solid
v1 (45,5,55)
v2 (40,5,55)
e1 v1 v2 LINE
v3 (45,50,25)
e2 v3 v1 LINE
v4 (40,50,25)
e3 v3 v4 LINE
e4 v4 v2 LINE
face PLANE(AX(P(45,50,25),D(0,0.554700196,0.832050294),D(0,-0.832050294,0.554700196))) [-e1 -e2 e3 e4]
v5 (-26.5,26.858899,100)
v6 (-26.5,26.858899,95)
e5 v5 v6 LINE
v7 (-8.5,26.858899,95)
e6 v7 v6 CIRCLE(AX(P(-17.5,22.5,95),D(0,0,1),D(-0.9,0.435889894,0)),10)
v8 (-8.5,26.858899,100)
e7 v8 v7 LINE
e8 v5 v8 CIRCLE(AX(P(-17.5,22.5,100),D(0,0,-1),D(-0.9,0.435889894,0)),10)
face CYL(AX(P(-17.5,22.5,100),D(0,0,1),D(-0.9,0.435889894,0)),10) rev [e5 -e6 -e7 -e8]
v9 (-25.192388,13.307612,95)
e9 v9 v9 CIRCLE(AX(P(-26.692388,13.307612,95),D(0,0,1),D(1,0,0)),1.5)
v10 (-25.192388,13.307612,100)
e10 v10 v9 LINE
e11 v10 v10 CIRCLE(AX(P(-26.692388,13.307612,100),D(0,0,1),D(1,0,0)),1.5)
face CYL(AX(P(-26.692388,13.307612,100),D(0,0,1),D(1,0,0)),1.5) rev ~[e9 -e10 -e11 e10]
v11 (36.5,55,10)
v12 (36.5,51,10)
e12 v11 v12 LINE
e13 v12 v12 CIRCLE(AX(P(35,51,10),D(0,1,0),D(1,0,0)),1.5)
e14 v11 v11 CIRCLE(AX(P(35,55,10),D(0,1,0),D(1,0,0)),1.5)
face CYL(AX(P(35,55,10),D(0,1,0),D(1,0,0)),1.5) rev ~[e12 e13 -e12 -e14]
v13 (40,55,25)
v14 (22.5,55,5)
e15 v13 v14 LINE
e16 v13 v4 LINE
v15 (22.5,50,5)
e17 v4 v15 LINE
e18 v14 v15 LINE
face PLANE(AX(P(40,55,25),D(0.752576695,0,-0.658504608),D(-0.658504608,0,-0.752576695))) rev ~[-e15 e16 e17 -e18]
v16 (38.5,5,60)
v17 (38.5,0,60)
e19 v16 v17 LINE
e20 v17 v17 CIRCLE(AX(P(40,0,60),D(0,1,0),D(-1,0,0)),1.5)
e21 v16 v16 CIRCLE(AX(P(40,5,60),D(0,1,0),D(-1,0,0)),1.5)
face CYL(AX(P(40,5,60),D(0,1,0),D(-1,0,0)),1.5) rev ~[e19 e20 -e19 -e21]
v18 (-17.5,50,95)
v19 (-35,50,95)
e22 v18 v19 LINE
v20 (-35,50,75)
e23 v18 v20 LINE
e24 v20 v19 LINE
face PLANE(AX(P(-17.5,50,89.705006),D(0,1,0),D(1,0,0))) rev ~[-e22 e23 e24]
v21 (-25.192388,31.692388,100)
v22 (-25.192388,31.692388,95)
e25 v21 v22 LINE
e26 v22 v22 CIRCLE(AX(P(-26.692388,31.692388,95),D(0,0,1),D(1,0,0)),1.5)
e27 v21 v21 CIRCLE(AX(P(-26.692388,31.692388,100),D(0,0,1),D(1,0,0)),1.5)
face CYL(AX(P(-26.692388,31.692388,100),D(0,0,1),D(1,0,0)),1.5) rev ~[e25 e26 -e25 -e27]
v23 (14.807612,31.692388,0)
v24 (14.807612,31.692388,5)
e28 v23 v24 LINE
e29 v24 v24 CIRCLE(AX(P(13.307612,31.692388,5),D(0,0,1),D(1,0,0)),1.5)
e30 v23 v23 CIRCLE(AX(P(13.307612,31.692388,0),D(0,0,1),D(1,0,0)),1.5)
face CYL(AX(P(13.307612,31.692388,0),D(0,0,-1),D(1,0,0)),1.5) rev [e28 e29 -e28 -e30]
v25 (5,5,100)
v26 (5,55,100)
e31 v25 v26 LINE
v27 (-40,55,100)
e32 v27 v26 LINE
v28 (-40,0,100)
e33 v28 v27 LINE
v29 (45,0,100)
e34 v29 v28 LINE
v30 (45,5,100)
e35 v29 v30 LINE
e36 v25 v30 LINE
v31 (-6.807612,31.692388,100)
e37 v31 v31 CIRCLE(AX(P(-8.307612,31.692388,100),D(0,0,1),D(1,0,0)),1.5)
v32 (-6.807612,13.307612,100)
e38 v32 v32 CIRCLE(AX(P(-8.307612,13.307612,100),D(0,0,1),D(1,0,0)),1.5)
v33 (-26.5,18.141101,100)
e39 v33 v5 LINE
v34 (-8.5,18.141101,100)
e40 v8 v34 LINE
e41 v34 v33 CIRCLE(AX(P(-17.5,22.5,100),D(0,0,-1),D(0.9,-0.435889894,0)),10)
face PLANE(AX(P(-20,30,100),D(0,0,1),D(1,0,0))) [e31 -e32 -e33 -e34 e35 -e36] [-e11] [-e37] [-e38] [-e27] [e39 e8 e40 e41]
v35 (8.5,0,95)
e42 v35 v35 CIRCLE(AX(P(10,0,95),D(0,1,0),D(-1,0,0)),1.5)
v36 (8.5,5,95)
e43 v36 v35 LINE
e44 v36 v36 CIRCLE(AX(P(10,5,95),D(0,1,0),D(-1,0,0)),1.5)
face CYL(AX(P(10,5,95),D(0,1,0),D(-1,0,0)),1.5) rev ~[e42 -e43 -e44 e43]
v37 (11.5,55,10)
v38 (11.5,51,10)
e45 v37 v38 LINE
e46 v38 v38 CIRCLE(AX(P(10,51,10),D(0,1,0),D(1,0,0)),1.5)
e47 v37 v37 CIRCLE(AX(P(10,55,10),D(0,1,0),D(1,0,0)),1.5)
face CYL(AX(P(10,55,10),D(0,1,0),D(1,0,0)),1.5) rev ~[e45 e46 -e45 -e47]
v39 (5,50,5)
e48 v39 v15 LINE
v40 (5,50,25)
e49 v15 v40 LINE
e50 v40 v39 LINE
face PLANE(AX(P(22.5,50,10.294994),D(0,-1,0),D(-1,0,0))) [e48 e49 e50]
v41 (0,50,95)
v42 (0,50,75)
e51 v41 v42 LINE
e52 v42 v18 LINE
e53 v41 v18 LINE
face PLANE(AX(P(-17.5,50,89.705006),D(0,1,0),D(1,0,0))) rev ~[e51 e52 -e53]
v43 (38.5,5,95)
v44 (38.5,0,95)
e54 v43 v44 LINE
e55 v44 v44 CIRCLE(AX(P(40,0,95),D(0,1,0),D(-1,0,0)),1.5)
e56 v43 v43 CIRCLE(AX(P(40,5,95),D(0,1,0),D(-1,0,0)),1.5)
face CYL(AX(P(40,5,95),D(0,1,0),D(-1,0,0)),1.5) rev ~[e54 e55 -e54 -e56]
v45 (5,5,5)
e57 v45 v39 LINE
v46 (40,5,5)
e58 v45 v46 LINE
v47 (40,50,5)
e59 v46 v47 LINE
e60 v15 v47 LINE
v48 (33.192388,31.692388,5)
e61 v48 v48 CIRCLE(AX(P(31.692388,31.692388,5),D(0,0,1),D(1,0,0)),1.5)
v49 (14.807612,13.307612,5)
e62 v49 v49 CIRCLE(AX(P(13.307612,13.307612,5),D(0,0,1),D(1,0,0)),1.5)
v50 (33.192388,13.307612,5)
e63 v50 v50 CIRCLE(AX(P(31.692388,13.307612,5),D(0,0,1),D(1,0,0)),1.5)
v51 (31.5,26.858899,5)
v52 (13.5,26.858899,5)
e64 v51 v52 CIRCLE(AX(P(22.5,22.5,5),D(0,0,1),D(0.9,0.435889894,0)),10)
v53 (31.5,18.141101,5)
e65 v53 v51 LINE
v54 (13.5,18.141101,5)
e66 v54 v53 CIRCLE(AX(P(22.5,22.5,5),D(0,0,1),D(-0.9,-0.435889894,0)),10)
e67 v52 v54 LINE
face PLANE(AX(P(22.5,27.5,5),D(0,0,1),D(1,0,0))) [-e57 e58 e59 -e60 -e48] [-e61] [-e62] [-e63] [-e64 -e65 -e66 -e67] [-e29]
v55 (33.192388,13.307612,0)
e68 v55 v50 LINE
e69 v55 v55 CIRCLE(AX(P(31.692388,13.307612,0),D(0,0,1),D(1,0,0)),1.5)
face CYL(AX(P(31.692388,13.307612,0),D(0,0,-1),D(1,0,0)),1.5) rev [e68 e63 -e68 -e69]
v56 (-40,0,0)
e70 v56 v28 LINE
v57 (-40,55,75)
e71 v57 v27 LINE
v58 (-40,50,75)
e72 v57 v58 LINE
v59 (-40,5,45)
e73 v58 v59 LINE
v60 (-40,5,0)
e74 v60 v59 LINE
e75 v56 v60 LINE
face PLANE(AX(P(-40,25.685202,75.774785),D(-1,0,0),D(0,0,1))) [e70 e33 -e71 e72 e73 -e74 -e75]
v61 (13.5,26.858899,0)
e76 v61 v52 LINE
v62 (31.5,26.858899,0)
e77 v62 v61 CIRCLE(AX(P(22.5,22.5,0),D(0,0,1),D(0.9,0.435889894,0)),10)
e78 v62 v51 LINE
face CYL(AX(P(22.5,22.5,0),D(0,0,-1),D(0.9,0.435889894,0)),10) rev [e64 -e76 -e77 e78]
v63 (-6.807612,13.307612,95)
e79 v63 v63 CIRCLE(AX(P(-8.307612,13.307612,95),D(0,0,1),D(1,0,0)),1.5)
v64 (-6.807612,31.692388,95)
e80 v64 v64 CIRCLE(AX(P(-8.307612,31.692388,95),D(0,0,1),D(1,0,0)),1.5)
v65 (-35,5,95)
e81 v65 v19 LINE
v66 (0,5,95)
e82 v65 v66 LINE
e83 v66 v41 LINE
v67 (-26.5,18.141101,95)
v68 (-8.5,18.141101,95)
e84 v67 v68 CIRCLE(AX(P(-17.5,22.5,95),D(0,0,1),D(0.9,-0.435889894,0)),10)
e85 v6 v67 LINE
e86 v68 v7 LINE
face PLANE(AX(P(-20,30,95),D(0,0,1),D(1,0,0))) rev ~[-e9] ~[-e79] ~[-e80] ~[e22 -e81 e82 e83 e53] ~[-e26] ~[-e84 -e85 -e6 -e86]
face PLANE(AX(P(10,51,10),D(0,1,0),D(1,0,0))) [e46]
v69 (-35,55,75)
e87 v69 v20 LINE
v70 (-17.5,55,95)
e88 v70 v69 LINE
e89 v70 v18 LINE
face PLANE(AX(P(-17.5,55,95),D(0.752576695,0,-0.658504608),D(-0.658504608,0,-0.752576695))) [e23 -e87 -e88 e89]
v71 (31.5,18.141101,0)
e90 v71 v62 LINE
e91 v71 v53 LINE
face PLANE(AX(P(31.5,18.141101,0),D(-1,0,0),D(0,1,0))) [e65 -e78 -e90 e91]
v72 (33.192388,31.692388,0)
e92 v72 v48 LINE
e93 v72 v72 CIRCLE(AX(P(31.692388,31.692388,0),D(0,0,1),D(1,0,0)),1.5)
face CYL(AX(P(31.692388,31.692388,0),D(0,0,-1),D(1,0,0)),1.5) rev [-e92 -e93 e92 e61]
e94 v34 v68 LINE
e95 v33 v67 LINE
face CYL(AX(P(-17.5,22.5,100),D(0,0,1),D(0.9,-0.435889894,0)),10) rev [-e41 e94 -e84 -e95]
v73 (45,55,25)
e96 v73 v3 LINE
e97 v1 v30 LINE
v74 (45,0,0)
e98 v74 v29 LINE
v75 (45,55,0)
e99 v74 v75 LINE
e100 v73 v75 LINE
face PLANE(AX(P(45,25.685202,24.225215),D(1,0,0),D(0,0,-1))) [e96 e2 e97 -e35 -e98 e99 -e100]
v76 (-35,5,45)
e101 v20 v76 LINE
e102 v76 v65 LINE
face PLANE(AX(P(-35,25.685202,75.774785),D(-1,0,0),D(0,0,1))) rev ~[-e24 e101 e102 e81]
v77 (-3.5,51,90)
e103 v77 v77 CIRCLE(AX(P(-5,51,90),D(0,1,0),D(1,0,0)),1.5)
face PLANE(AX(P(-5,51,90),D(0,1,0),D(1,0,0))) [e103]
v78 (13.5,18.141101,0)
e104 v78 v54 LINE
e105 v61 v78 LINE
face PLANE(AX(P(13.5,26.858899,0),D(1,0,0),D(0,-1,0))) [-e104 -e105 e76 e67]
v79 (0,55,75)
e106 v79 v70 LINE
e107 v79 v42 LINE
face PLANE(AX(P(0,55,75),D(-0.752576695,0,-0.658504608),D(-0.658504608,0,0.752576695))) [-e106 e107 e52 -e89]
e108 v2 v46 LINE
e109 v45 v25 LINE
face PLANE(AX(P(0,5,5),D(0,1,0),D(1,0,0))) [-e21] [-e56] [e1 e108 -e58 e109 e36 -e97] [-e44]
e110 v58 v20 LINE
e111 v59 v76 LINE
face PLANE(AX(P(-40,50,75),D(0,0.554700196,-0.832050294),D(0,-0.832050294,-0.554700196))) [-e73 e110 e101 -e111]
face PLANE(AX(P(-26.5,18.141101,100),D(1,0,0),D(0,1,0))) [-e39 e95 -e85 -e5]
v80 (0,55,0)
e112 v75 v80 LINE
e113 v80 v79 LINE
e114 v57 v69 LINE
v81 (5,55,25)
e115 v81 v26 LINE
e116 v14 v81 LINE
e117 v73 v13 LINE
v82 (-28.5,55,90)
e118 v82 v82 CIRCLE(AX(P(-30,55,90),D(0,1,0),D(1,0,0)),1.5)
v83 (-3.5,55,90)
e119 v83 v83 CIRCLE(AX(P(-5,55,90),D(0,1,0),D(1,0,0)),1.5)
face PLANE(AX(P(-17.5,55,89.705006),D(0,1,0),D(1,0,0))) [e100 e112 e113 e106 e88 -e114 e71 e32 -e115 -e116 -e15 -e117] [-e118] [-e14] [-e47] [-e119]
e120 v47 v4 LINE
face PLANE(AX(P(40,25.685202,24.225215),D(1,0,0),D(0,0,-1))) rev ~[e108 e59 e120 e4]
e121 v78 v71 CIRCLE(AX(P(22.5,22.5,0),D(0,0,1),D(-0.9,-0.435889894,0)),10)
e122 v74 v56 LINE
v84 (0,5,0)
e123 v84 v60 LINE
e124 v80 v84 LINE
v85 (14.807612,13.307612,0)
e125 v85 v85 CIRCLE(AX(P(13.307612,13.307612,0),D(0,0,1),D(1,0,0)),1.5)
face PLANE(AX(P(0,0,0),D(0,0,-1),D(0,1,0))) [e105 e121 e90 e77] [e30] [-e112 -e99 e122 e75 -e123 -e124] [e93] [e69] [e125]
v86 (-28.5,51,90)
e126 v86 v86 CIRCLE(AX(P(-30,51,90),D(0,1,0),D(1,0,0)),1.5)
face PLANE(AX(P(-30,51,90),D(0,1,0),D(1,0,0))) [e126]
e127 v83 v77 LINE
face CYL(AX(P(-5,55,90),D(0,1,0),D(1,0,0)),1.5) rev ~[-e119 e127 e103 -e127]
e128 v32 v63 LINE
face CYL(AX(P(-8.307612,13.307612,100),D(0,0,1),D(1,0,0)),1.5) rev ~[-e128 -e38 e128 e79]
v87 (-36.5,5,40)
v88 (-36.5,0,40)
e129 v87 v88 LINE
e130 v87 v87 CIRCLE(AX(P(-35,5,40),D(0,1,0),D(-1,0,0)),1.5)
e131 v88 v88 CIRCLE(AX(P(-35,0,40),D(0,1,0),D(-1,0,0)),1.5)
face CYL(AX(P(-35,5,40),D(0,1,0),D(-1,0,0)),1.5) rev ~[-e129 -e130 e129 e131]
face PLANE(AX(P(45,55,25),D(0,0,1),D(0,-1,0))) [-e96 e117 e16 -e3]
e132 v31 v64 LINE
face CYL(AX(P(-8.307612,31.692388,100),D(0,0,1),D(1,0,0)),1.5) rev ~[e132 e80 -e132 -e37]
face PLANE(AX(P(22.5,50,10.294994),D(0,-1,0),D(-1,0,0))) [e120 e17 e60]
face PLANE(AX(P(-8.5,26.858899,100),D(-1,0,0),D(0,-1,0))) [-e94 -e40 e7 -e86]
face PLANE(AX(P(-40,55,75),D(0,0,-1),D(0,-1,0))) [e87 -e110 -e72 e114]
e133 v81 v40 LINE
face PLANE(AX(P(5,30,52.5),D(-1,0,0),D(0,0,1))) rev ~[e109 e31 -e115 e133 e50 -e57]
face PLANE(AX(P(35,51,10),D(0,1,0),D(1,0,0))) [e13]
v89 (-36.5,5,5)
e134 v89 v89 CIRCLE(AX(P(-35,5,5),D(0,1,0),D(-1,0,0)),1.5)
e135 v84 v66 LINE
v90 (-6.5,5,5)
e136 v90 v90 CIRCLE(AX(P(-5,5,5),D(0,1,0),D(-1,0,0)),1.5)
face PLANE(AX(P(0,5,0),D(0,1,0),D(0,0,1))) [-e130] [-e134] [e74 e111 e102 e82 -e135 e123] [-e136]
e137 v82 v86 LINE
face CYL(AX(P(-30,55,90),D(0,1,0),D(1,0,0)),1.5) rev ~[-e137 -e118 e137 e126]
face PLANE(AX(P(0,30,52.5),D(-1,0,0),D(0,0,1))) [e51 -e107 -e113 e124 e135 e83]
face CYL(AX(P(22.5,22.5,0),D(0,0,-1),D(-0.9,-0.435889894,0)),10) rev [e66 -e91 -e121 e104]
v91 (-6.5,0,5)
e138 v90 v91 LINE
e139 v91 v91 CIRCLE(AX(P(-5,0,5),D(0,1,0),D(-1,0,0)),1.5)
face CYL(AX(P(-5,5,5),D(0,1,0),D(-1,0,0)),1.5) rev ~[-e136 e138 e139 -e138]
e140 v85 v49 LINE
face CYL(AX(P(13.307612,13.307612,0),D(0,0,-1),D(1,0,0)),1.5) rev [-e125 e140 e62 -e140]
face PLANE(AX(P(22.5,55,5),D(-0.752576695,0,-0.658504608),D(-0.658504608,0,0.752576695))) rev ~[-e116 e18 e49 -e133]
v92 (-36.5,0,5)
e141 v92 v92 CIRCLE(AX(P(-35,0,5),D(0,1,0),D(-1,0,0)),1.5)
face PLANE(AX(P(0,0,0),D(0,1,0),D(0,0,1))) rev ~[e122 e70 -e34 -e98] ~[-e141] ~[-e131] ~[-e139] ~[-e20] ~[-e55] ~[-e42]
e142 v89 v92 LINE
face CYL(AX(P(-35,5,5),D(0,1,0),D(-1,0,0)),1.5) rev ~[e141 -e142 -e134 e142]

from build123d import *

# Parameters (mm, degrees)
ESQUISSE1_R             = 1.5
EXTRUSION1_DEPTH        = 5
ESQUISSE2_W             = 45
ESQUISSE2_H             = 5
EXTRUSION2_DEPTH        = 95
EXTRUSION3_DEPTH        = 5
ESQUISSE4_W             = 95
ESQUISSE4_H             = 50
EXTRUSION4_DEPTH        = 5
ESQUISSE5_W             = 100
ESQUISSE5_H             = 5
EXTRUSION5_DEPTH        = 40
ESQUISSE6_W             = 40
ESQUISSE6_H             = 50
EXTRUSION6_DEPTH        = 5
EXTRUSION7_DEPTH        = 5
ENL_V_MAT_EXTRU_1_REACH = 102
ESQUISSE8_R             = 1.5
ENL_V_MAT_EXTRU_2_REACH = 7
ESQUISSE9_R             = 1.5
BOSS_EXTRU_1_DEPTH      = 5
BOSS_EXTRU_2_DEPTH      = 5
ESQUISSE16_R            = 1.5
ENL_V_MAT_EXTRU_3_DEPTH = 4


with BuildPart() as part:
    # Esquisse1 → Extrusion1 (new body)
    with BuildSketch(Plane.XY):
        Polygon((0, 0), (45, 0), (45, 45), (45, 55), (0, 55), (0, 45), align=None)
        with Locations((31.692388155, 31.692388155)):
            Circle(ESQUISSE1_R, mode=Mode.SUBTRACT)
        with Locations((31.692388155, 13.307611845)):
            Circle(ESQUISSE1_R, mode=Mode.SUBTRACT)
        with Locations((13.307611845, 13.307611845)):
            Circle(ESQUISSE1_R, mode=Mode.SUBTRACT)
        with Locations((13.307611845, 31.692388155)):
            Circle(ESQUISSE1_R, mode=Mode.SUBTRACT)
        with BuildLine():
            Line((13.5, 26.858898944), (13.5, 18.141101056))
            ThreePointArc((13.5, 18.141101056), (22.5, 12.5), (31.5, 18.141101056))
            Line((31.5, 18.141101056), (31.5, 26.858898944))
            ThreePointArc((31.5, 26.858898944), (22.5, 32.5), (13.5, 26.858898944))
        make_face(mode=Mode.SUBTRACT)
    extrude(amount=EXTRUSION1_DEPTH)

    # Esquisse2 → Extrusion2 (add)
    with BuildSketch(Plane.XY.offset(5)):
        with Locations((22.5, 2.5)):
            Rectangle(ESQUISSE2_W, ESQUISSE2_H)
    extrude(amount=EXTRUSION2_DEPTH)

    # Esquisse3 → Extrusion3 (add)
    with BuildSketch(Plane(origin=(45, 0, 0), x_dir=(0, 0, -1), z_dir=(1, 0, 0))):
        Polygon((-5, 5), (-5, 55), (-25, 55), (-25, 50), (-55, 5), align=None)
    extrude(amount=-EXTRUSION3_DEPTH)

    # Esquisse4 → Extrusion4 (add)
    with BuildSketch(Plane.ZY):
        with Locations((52.5, 30)):
            Rectangle(ESQUISSE4_W, ESQUISSE4_H)
    extrude(amount=-EXTRUSION4_DEPTH)

    # Esquisse5 → Extrusion5 (add)
    with BuildSketch(Plane.ZY):
        with Locations((50, 2.5)):
            Rectangle(ESQUISSE5_W, ESQUISSE5_H)
    extrude(amount=EXTRUSION5_DEPTH)

    # Esquisse6 → Extrusion6 (add)
    with BuildSketch(Plane.XY.offset(100)):
        with Locations((-20, 30)):
            Rectangle(ESQUISSE6_W, ESQUISSE6_H)
    extrude(amount=-EXTRUSION6_DEPTH)

    # Esquisse7 → Extrusion7 (add)
    with BuildSketch(Plane.ZY.offset(40)):
        Polygon((95, 5), (95, 55), (75, 55), (75, 50), (45, 5), align=None)
    extrude(amount=-EXTRUSION7_DEPTH)

    # Esquisse8 → Enlèv. mat.-Extru.1 (cut, up to next)
    with BuildSketch(Plane.XY.offset(100), mode=Mode.PRIVATE) as enl_v_mat_extru_1_sk1:
        with Locations((-8.307611845, 13.307611845)):
            Circle(ESQUISSE8_R)
    enl_v_mat_extru_1_tool1 = extrude(enl_v_mat_extru_1_sk1.sketch, amount=-ENL_V_MAT_EXTRU_1_REACH, mode=Mode.PRIVATE) & part.part
    add(enl_v_mat_extru_1_tool1.solids().sort_by_distance((-8.307612, 13.307612, 100))[0], mode=Mode.SUBTRACT)
    # Esquisse8 → Enlèv. mat.-Extru.1 (cut, up to next)
    with BuildSketch(Plane.XY.offset(100), mode=Mode.PRIVATE) as enl_v_mat_extru_1_sk2:
        with Locations((-8.307611845, 31.692388155)):
            Circle(ESQUISSE8_R)
    enl_v_mat_extru_1_tool2 = extrude(enl_v_mat_extru_1_sk2.sketch, amount=-ENL_V_MAT_EXTRU_1_REACH, mode=Mode.PRIVATE) & part.part
    add(enl_v_mat_extru_1_tool2.solids().sort_by_distance((-8.307612, 31.692388, 100))[0], mode=Mode.SUBTRACT)
    # Esquisse8 → Enlèv. mat.-Extru.1 (cut, up to next)
    with BuildSketch(Plane.XY.offset(100), mode=Mode.PRIVATE) as enl_v_mat_extru_1_sk3:
        with Locations((-26.692388155, 31.692388155)):
            Circle(ESQUISSE8_R)
    enl_v_mat_extru_1_tool3 = extrude(enl_v_mat_extru_1_sk3.sketch, amount=-ENL_V_MAT_EXTRU_1_REACH, mode=Mode.PRIVATE) & part.part
    add(enl_v_mat_extru_1_tool3.solids().sort_by_distance((-26.692388, 31.692388, 100))[0], mode=Mode.SUBTRACT)
    # Esquisse8 → Enlèv. mat.-Extru.1 (cut, up to next)
    with BuildSketch(Plane.XY.offset(100), mode=Mode.PRIVATE) as enl_v_mat_extru_1_sk4:
        with Locations((-26.692388155, 13.307611845)):
            Circle(ESQUISSE8_R)
    enl_v_mat_extru_1_tool4 = extrude(enl_v_mat_extru_1_sk4.sketch, amount=-ENL_V_MAT_EXTRU_1_REACH, mode=Mode.PRIVATE) & part.part
    add(enl_v_mat_extru_1_tool4.solids().sort_by_distance((-26.692388, 13.307612, 100))[0], mode=Mode.SUBTRACT)
    # Esquisse8 → Enlèv. mat.-Extru.1 (cut, up to next)
    with BuildSketch(Plane.XY.offset(100), mode=Mode.PRIVATE) as enl_v_mat_extru_1_sk5:
        with BuildLine():
            Line((-26.5, 18.141101056), (-26.5, 26.858898944))
            ThreePointArc((-26.5, 26.858898944), (-17.5, 32.5), (-8.5, 26.858898944))
            Line((-8.5, 26.858898944), (-8.5, 18.141101056))
            ThreePointArc((-8.5, 18.141101056), (-17.5, 12.5), (-26.5, 18.141101056))
        make_face()
    enl_v_mat_extru_1_tool5 = extrude(enl_v_mat_extru_1_sk5.sketch, amount=-ENL_V_MAT_EXTRU_1_REACH, mode=Mode.PRIVATE) & part.part
    add(enl_v_mat_extru_1_tool5.solids().sort_by_distance((-17.5, 22.5, 100))[0], mode=Mode.SUBTRACT)

    # Esquisse9 → Enlèv. mat.-Extru.2 (cut, up to next)
    with BuildSketch(Plane(origin=(0, 5, 0), x_dir=(-1, 0, 0), z_dir=(0, 1, 0)), mode=Mode.PRIVATE) as enl_v_mat_extru_2_sk1:
        with Locations((-40, 95)):
            Circle(ESQUISSE9_R)
    enl_v_mat_extru_2_tool1 = extrude(enl_v_mat_extru_2_sk1.sketch, amount=-ENL_V_MAT_EXTRU_2_REACH, mode=Mode.PRIVATE) & part.part
    add(enl_v_mat_extru_2_tool1.solids().sort_by_distance((40, 5, 95))[0], mode=Mode.SUBTRACT)
    # Esquisse9 → Enlèv. mat.-Extru.2 (cut, up to next)
    with BuildSketch(Plane(origin=(0, 5, 0), x_dir=(-1, 0, 0), z_dir=(0, 1, 0)), mode=Mode.PRIVATE) as enl_v_mat_extru_2_sk2:
        with Locations((-10, 95)):
            Circle(ESQUISSE9_R)
    enl_v_mat_extru_2_tool2 = extrude(enl_v_mat_extru_2_sk2.sketch, amount=-ENL_V_MAT_EXTRU_2_REACH, mode=Mode.PRIVATE) & part.part
    add(enl_v_mat_extru_2_tool2.solids().sort_by_distance((10, 5, 95))[0], mode=Mode.SUBTRACT)
    # Esquisse9 → Enlèv. mat.-Extru.2 (cut, up to next)
    with BuildSketch(Plane(origin=(0, 5, 0), x_dir=(-1, 0, 0), z_dir=(0, 1, 0)), mode=Mode.PRIVATE) as enl_v_mat_extru_2_sk3:
        with Locations((35, 5)):
            Circle(ESQUISSE9_R)
    enl_v_mat_extru_2_tool3 = extrude(enl_v_mat_extru_2_sk3.sketch, amount=-ENL_V_MAT_EXTRU_2_REACH, mode=Mode.PRIVATE) & part.part
    add(enl_v_mat_extru_2_tool3.solids().sort_by_distance((-35, 5, 5))[0], mode=Mode.SUBTRACT)
    # Esquisse9 → Enlèv. mat.-Extru.2 (cut, up to next)
    with BuildSketch(Plane(origin=(0, 5, 0), x_dir=(-1, 0, 0), z_dir=(0, 1, 0)), mode=Mode.PRIVATE) as enl_v_mat_extru_2_sk4:
        with Locations((5, 5)):
            Circle(ESQUISSE9_R)
    enl_v_mat_extru_2_tool4 = extrude(enl_v_mat_extru_2_sk4.sketch, amount=-ENL_V_MAT_EXTRU_2_REACH, mode=Mode.PRIVATE) & part.part
    add(enl_v_mat_extru_2_tool4.solids().sort_by_distance((-5, 5, 5))[0], mode=Mode.SUBTRACT)
    # Esquisse9 → Enlèv. mat.-Extru.2 (cut, up to next)
    with BuildSketch(Plane(origin=(0, 5, 0), x_dir=(-1, 0, 0), z_dir=(0, 1, 0)), mode=Mode.PRIVATE) as enl_v_mat_extru_2_sk5:
        with Locations((-40, 60)):
            Circle(ESQUISSE9_R)
    enl_v_mat_extru_2_tool5 = extrude(enl_v_mat_extru_2_sk5.sketch, amount=-ENL_V_MAT_EXTRU_2_REACH, mode=Mode.PRIVATE) & part.part
    add(enl_v_mat_extru_2_tool5.solids().sort_by_distance((40, 5, 60))[0], mode=Mode.SUBTRACT)
    # Esquisse9 → Enlèv. mat.-Extru.2 (cut, up to next)
    with BuildSketch(Plane(origin=(0, 5, 0), x_dir=(-1, 0, 0), z_dir=(0, 1, 0)), mode=Mode.PRIVATE) as enl_v_mat_extru_2_sk6:
        with Locations((35, 40)):
            Circle(ESQUISSE9_R)
    enl_v_mat_extru_2_tool6 = extrude(enl_v_mat_extru_2_sk6.sketch, amount=-ENL_V_MAT_EXTRU_2_REACH, mode=Mode.PRIVATE) & part.part
    add(enl_v_mat_extru_2_tool6.solids().sort_by_distance((-35, 5, 40))[0], mode=Mode.SUBTRACT)

    # Esquisse11 → Boss.-Extru.1 (add)
    with BuildSketch(Plane(origin=(0, 55, 0), x_dir=(1, 0, 0), z_dir=(0, 1, 0))):
        Polygon((22.5, -5), (5, -25), (5, 0), (40, 0), (40, -25), align=None)
    extrude(amount=-BOSS_EXTRU_1_DEPTH)

    # Esquisse12 → Boss.-Extru.2 (add)
    with BuildSketch(Plane(origin=(0, 55, 0), x_dir=(1, 0, 0), z_dir=(0, 1, 0))):
        Polygon((0, -75), (-17.5, -95), (-35, -75), (-35, -100), (0, -100), align=None)
    extrude(amount=-BOSS_EXTRU_2_DEPTH)

    # Esquisse16 → Enlèv. mat.-Extru.3 (cut)
    with BuildSketch(Plane(origin=(0, 55, 0), x_dir=(1, 0, 0), z_dir=(0, 1, 0))):
        with Locations((-5, -90)):
            Circle(ESQUISSE16_R)
        with Locations((-30, -90)):
            Circle(ESQUISSE16_R)
        with Locations((10, -10)):
            Circle(ESQUISSE16_R)
        with Locations((35, -10)):
            Circle(ESQUISSE16_R)
    extrude(amount=-ENL_V_MAT_EXTRU_3_DEPTH, mode=Mode.SUBTRACT)


solid = part.part
